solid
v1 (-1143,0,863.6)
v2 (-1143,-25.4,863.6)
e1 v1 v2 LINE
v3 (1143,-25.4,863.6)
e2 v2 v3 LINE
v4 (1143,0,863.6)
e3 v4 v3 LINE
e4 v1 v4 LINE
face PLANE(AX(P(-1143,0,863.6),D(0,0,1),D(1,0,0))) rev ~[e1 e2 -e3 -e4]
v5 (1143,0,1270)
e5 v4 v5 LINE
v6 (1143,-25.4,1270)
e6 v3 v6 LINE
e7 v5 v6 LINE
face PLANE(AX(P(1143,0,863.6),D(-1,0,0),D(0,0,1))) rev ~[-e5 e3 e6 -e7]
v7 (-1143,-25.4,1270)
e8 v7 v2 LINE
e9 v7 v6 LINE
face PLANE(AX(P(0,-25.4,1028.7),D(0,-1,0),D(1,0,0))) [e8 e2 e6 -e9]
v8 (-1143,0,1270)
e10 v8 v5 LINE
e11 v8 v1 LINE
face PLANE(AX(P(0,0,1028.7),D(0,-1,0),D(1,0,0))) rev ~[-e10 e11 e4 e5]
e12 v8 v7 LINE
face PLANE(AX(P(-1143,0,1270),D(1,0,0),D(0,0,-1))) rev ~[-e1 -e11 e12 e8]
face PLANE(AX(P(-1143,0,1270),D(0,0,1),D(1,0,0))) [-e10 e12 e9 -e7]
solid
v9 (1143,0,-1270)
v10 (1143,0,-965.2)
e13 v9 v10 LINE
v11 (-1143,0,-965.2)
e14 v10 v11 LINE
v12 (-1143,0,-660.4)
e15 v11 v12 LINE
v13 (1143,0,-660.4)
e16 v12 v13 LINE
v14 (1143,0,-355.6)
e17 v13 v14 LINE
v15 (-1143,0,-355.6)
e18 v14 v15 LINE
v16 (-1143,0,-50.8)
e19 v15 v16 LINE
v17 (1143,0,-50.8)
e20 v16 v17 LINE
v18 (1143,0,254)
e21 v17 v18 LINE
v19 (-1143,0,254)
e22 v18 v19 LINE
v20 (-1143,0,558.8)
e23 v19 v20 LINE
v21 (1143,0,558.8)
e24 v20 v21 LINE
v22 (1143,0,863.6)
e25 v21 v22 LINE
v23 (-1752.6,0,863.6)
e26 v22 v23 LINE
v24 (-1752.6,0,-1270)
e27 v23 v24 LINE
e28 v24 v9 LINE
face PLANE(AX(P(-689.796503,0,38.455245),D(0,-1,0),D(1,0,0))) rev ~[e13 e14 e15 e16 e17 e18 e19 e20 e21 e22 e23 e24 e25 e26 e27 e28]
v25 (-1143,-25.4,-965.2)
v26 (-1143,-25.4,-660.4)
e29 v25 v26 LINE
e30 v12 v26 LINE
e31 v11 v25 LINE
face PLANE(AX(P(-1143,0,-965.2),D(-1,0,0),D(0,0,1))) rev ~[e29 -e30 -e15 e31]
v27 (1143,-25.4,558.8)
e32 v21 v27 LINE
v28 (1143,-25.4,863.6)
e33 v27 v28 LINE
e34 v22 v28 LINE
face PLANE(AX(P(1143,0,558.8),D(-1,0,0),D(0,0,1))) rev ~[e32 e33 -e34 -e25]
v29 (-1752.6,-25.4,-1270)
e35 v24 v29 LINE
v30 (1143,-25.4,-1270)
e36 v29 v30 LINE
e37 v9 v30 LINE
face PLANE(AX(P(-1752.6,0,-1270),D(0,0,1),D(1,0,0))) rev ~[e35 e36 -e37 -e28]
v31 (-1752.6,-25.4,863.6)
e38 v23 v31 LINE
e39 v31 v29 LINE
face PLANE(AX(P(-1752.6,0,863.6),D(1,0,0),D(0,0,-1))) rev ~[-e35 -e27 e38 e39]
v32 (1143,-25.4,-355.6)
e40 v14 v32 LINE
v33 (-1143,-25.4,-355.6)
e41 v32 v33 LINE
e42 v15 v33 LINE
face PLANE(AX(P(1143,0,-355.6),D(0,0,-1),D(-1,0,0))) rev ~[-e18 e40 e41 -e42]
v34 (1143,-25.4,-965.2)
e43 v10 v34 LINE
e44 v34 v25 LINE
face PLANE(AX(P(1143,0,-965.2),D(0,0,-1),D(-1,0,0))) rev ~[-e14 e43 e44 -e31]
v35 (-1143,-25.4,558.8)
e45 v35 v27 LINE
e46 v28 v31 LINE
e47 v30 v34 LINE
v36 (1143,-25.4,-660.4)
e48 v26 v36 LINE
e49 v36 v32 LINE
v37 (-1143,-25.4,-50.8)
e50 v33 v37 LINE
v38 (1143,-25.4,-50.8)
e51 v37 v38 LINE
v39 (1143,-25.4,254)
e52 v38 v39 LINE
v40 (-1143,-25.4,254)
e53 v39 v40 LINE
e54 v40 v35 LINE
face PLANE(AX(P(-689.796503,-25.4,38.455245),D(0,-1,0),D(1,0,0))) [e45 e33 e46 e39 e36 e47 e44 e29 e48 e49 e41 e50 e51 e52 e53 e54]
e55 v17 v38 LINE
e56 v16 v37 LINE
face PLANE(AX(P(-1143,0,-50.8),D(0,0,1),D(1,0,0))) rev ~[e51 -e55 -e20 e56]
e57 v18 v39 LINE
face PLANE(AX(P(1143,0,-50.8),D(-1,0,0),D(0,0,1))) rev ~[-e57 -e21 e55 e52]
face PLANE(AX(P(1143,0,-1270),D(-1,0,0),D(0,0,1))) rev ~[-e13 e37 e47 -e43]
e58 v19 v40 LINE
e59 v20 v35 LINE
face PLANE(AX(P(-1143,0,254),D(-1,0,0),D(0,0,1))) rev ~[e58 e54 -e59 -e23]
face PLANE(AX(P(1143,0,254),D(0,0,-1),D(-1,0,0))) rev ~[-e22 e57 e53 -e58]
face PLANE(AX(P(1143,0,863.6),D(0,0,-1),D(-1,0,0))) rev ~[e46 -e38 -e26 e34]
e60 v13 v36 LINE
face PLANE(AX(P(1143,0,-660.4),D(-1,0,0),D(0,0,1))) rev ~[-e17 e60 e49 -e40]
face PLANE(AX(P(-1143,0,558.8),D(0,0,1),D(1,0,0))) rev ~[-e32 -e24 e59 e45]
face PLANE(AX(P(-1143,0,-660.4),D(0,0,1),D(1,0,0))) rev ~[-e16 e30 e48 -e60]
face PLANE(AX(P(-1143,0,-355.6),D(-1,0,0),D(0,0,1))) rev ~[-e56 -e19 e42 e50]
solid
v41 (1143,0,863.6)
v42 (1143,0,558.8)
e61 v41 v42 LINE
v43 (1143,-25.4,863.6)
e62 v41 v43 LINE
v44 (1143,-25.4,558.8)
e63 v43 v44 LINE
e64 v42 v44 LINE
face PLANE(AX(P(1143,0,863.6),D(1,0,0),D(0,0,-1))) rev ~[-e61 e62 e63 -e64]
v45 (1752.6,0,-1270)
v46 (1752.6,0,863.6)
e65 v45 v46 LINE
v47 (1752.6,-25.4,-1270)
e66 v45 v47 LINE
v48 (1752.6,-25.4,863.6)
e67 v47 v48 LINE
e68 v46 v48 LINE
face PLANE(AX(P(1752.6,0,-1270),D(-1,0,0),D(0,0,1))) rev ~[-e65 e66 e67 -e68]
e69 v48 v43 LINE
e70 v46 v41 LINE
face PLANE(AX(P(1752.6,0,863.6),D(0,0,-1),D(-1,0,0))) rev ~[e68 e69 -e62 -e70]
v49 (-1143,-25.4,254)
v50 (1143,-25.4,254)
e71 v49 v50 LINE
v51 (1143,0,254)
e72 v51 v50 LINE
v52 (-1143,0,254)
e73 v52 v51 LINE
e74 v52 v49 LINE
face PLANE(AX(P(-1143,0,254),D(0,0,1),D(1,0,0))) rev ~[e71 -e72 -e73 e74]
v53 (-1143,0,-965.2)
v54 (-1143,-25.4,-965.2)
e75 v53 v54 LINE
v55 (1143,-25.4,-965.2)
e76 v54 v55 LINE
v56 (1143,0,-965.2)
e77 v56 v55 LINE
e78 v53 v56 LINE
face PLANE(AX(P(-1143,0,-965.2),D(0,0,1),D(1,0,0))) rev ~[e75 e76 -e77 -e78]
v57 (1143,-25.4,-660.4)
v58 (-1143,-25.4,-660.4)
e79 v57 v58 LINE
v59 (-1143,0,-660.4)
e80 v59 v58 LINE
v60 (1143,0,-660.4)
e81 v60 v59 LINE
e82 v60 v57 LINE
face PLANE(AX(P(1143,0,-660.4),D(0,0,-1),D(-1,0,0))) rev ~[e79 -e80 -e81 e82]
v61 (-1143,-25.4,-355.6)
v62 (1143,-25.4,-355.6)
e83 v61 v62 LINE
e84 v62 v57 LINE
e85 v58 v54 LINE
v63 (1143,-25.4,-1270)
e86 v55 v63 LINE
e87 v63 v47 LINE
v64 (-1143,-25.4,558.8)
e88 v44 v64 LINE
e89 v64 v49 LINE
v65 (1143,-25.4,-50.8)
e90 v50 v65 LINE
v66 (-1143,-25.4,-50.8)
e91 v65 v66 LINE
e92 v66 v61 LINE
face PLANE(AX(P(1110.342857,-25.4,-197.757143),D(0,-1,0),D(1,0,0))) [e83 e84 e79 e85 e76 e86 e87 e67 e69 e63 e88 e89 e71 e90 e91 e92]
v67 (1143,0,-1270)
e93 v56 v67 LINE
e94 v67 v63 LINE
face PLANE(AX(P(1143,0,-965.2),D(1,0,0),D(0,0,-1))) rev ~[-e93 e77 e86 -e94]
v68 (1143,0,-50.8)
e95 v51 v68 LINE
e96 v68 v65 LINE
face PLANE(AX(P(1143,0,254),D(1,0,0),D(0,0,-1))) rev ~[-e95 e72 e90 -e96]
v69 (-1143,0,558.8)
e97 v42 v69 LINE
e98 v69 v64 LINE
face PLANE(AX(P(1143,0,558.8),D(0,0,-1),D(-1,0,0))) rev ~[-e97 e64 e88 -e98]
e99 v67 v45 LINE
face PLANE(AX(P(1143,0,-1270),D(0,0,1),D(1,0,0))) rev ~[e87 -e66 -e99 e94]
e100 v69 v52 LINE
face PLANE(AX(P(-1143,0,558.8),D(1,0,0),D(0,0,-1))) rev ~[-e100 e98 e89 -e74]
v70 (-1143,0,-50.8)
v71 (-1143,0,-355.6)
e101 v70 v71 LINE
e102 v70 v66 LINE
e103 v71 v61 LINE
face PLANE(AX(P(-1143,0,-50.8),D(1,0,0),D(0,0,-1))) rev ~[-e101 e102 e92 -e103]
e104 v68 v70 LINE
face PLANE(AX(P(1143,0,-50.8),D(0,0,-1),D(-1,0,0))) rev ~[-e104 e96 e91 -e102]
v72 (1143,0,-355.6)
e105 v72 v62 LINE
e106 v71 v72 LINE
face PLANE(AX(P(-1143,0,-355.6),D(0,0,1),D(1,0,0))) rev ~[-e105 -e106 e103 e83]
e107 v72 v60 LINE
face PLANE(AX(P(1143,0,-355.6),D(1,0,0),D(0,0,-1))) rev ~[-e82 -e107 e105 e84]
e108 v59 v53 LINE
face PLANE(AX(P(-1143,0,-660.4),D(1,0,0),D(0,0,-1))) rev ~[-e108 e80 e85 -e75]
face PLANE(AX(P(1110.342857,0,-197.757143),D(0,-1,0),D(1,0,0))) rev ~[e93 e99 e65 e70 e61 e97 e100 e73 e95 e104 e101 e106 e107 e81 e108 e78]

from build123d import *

# Parameters (mm, degrees)
F0_W     = 914.4
F0_H     = 177.8
F0_H_2   = 279.4
F0_W_2   = 685.8
F0_H_3   = 25.4
F1_DEPTH = 25.4
F2_DEPTH = 25.4
F0_W_3   = 2286
F0_H_4   = 101.6
F3_DEPTH = 25.4


with BuildPart() as f1:
    # F0 (on Front) → F1 (new body)
    with BuildSketch(Plane.XZ):
        Polygon((1143, 584.2), (1143, 863.6), (-1143, 863.6), (-1752.6, 863.6), (-1752.6, -1270), (-1143, -1270), (-1143, -1244.6), (-457.2, -1244.6), (-457.2, -965.2), (-1143, -965.2), (-1143, -939.8), (-1143, -660.4), (-1143, -635), (-457.2, -635), (-457.2, -355.6), (-1143, -355.6), (-1143, -330.2), (-1143, -50.8), (-1143, -25.4), (-457.2, -25.4), (-457.2, 254), (-1143, 254), (-1143, 279.4), (-1143, 558.8), (-1143, 584.2), (-457.2, 584.2), (-457.2, 762), (457.2, 762), (457.2, 584.2), align=None)
        with Locations((0, 673.1)):
            Rectangle(F0_W, F0_H)
        with Locations((0, 114.3)):
            Rectangle(F0_W, F0_H_2)
        with Locations((800.1, 114.3)):
            Rectangle(F0_W_2, F0_H_2)
        with Locations((0, -495.3)):
            Rectangle(F0_W, F0_H_2)
        with Locations((800.1, -495.3)):
            Rectangle(F0_W_2, F0_H_2)
        with Locations((0, -1104.9)):
            Rectangle(F0_W, F0_H_2)
        with Locations((800.1, -1104.9)):
            Rectangle(F0_W_2, F0_H_2)
        with Locations((-800.1, -1257.3)):
            Rectangle(F0_W_2, F0_H_3)
        with Locations((0, -1257.3)):
            Rectangle(F0_W, F0_H_3)
        with Locations((800.1, -1257.3)):
            Rectangle(F0_W_2, F0_H_3)
        with Locations((-800.1, -647.7)):
            Rectangle(F0_W_2, F0_H_3)
        with Locations((0, -647.7)):
            Rectangle(F0_W, F0_H_3)
        with Locations((800.1, -647.7)):
            Rectangle(F0_W_2, F0_H_3)
        with Locations((-800.1, -38.1)):
            Rectangle(F0_W_2, F0_H_3)
        with Locations((0, -38.1)):
            Rectangle(F0_W, F0_H_3)
        with Locations((800.1, -38.1)):
            Rectangle(F0_W_2, F0_H_3)
        with Locations((-800.1, 571.5)):
            Rectangle(F0_W_2, F0_H_3)
        with Locations((0, 571.5)):
            Rectangle(F0_W, F0_H_3)
        with Locations((800.1, 571.5)):
            Rectangle(F0_W_2, F0_H_3)
    extrude(amount=F1_DEPTH)


with BuildPart() as f2:
    # F0 (on Front) → F2 (new body)
    with BuildSketch(Plane.XZ):
        Polygon((1752.6, 863.6), (1143, 863.6), (1143, 584.2), (1143, 558.8), (457.2, 558.8), (457.2, 279.4), (1143, 279.4), (1143, 254), (1143, -25.4), (1143, -50.8), (457.2, -50.8), (457.2, -330.2), (1143, -330.2), (1143, -355.6), (1143, -635), (1143, -660.4), (457.2, -660.4), (457.2, -939.8), (1143, -939.8), (1143, -965.2), (1143, -1244.6), (1143, -1270), (1752.6, -1270), align=None)
        with Locations((0, 419.1)):
            Rectangle(F0_W, F0_H_2)
        with Locations((-800.1, 419.1)):
            Rectangle(F0_W_2, F0_H_2)
        with Locations((-800.1, -190.5)):
            Rectangle(F0_W_2, F0_H_2)
        with Locations((0, -190.5)):
            Rectangle(F0_W, F0_H_2)
        with Locations((-800.1, -800.1)):
            Rectangle(F0_W_2, F0_H_2)
        with Locations((0, -800.1)):
            Rectangle(F0_W, F0_H_2)
        with Locations((-800.1, 266.7)):
            Rectangle(F0_W_2, F0_H_3)
        with Locations((0, 266.7)):
            Rectangle(F0_W, F0_H_3)
        with Locations((800.1, 266.7)):
            Rectangle(F0_W_2, F0_H_3)
        with Locations((-800.1, -342.9)):
            Rectangle(F0_W_2, F0_H_3)
        with Locations((0, -342.9)):
            Rectangle(F0_W, F0_H_3)
        with Locations((800.1, -342.9)):
            Rectangle(F0_W_2, F0_H_3)
        with Locations((-800.1, -952.5)):
            Rectangle(F0_W_2, F0_H_3)
        with Locations((0, -952.5)):
            Rectangle(F0_W, F0_H_3)
        with Locations((800.1, -952.5)):
            Rectangle(F0_W_2, F0_H_3)
    extrude(amount=F2_DEPTH)


with BuildPart() as f3:
    # F0 (on Front) → F3 (new body)
    with BuildSketch(Plane.XZ):
        with Locations((0, 1028.7)):
            Rectangle(F0_W_3, F0_H_2)
        with Locations((0, 1219.2)):
            Rectangle(F0_W_3, F0_H_4)
        with Locations((0, 876.3)):
            Rectangle(F0_W_3, F0_H_3)
    extrude(amount=F3_DEPTH)


solid = Compound([f1.part, f2.part, f3.part])
